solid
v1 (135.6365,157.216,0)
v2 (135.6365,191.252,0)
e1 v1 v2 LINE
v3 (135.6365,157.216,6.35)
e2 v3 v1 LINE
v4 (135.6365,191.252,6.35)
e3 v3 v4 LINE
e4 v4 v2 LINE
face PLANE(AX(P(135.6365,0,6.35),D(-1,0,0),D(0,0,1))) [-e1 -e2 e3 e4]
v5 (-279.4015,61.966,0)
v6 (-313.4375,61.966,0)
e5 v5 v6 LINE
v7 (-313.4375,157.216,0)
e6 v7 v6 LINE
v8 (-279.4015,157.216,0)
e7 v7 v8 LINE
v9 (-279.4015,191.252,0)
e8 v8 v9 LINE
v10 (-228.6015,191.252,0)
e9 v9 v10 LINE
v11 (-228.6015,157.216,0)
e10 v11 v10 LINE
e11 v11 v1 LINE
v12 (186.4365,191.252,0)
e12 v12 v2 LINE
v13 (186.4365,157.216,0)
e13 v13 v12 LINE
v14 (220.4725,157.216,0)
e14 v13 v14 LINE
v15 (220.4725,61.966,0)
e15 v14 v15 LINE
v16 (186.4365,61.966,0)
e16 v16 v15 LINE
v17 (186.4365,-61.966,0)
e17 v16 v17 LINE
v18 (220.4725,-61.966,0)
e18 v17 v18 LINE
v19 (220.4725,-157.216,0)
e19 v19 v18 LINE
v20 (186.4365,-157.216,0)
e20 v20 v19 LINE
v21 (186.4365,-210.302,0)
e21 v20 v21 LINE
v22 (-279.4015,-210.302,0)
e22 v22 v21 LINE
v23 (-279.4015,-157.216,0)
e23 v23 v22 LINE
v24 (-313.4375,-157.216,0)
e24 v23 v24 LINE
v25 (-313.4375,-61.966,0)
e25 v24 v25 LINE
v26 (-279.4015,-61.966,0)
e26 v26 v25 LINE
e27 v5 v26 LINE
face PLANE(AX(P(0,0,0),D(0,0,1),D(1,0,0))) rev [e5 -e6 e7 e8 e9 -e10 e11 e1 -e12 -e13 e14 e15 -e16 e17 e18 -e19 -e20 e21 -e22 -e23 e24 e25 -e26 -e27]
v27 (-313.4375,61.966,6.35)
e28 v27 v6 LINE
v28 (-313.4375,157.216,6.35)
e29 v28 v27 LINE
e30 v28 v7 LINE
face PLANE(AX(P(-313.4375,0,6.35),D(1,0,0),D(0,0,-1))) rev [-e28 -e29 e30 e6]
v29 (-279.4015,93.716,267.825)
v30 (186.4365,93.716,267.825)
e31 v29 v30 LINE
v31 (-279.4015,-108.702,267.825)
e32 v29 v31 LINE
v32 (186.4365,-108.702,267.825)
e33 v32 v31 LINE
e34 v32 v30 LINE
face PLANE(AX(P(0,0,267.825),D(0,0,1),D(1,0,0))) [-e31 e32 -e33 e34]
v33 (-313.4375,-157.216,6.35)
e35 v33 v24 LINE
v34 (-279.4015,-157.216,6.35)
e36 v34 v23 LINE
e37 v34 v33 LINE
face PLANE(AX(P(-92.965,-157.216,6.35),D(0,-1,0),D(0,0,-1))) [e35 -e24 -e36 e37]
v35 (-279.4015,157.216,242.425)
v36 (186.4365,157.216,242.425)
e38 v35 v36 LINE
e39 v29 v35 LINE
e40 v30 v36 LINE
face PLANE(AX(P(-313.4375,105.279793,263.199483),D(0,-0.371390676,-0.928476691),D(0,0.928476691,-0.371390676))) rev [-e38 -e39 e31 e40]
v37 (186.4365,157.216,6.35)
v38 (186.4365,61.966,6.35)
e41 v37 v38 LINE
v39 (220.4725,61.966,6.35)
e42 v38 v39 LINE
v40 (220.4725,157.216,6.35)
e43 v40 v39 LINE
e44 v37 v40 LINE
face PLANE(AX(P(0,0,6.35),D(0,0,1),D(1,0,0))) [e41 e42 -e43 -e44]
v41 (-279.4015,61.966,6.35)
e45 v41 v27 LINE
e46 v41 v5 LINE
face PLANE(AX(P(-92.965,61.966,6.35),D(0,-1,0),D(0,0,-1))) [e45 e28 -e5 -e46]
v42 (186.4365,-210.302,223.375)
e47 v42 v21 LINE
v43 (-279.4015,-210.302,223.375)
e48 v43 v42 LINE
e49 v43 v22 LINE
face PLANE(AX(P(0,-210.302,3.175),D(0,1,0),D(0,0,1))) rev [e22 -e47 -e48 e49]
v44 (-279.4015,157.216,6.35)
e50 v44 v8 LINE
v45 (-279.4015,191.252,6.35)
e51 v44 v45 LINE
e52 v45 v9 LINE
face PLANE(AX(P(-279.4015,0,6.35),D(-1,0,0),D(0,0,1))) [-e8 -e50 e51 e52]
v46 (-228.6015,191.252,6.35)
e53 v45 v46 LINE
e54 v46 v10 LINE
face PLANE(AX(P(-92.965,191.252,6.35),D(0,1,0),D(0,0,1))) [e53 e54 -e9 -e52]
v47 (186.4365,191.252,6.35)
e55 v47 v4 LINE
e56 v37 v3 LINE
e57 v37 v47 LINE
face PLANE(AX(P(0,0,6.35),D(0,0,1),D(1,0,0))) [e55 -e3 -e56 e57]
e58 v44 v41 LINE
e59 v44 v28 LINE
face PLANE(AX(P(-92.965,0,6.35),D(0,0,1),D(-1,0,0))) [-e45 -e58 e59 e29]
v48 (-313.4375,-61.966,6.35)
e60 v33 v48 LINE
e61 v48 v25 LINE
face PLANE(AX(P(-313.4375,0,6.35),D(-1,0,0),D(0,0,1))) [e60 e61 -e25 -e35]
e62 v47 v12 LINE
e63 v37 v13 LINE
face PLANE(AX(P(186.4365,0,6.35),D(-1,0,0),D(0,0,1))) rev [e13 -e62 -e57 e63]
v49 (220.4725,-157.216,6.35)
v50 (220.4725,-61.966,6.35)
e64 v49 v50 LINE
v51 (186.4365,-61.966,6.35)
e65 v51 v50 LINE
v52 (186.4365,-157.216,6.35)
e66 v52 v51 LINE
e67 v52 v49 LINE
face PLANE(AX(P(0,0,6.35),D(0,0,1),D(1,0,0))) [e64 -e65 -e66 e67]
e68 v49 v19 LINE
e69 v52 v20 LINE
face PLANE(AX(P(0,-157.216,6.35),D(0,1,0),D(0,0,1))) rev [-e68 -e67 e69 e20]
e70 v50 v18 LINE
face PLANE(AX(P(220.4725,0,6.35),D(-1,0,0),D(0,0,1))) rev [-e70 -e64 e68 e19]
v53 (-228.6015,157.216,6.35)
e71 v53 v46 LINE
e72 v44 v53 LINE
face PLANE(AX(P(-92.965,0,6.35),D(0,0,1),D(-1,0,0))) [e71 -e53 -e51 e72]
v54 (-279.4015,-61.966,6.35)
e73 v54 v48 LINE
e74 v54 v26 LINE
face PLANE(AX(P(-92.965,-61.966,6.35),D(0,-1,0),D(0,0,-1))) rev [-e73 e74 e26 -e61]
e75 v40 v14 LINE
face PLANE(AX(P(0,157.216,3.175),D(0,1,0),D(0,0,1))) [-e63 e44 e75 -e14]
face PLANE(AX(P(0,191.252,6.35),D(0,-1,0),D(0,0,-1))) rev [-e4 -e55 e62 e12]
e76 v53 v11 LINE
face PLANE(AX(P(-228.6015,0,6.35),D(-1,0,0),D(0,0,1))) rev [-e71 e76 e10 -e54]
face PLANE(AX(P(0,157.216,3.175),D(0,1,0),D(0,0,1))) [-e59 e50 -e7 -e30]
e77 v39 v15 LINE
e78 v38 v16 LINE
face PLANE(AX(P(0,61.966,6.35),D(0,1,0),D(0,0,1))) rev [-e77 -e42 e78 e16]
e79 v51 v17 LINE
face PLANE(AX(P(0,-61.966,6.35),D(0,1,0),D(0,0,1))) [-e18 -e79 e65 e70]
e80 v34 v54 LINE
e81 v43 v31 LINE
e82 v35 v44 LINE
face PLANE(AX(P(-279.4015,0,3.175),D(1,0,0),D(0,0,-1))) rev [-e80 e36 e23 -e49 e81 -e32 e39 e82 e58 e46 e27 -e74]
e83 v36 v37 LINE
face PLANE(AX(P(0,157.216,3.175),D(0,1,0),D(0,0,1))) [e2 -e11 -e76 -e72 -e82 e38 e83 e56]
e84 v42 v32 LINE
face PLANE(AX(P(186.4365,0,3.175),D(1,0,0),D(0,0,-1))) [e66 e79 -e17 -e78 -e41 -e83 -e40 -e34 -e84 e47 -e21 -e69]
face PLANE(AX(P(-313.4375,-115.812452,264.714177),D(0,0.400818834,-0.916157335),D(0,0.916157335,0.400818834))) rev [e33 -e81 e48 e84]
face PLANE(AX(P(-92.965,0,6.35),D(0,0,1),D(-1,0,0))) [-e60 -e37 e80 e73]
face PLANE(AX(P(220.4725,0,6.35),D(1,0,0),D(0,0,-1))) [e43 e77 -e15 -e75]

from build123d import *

# Parameters (mm, degrees)
SKETCH1_W           = 465.838
SKETCH1_H           = 367.518
BOSS_EXTRUDE1_DEPTH = 3.175
SKETCH2_W           = 3.175
SKETCH2_H           = 308.082
SKETCH2_W_2         = 87.632
SKETCH2_W_3         = 89.789
SKETCH2_W_4         = 459.488
SKETCH2_H_2         = 50.8
BOSS_EXTRUDE2_DEPTH = 200.6
SKETCH11_W          = 87.632
SKETCH11_H          = 308.082
SKETCH11_W_2        = 89.789
SKETCH11_W_3        = 3.175
SKETCH11_W_4        = 459.488
SKETCH11_H_2        = 50.8
SKETCH11_H_3        = 3.175
BOSS_EXTRUDE8_DEPTH = 64.05
SKETCH10_W          = 34.036
SKETCH10_H          = 95.25
SKETCH10_W_2        = 50.8
SKETCH10_H_2        = 34.036
BOSS_EXTRUDE7_DEPTH = 6.35
CUT_EXTRUDE1_DEPTH  = 605.839795074


with BuildPart() as part:
    # Sketch1 → Boss-Extrude1 (new body)
    with BuildSketch(Plane.XY):
        with Locations((-46.4825, -26.543)):
            Rectangle(SKETCH1_W, SKETCH1_H)
    extrude(amount=BOSS_EXTRUDE1_DEPTH)

    # Sketch2 → Boss-Extrude2 (add)
    with BuildSketch(Plane.XY.offset(3.175)):
        Polygon((186.4365, -210.302), (186.4365, -157.216), (183.2615, -157.216), (183.2615, -208.016), (-276.2265, -208.016), (-276.2265, -157.216), (-279.4015, -157.216), (-279.4015, -210.302), align=None)
        Polygon((183.2615, 154.041), (186.4365, 154.041), (186.4365, 157.216), (-279.4015, 157.216), (-279.4015, -157.216), (-276.2265, -157.216), (183.2615, -157.216), (186.4365, -157.216), (186.4365, -154.041), (183.2615, -154.041), (93.4725, -154.041), (90.2975, -154.041), (0.5085, -154.041), (-2.6665, -154.041), (-92.4555, -154.041), (-95.6305, -154.041), (-185.4195, -154.041), (-188.5945, -154.041), (-276.2265, -154.041), (-276.2265, 154.041), (-188.5945, 154.041), (-185.4195, 154.041), (-95.6305, 154.041), (-92.4555, 154.041), (-2.6665, 154.041), (0.5085, 154.041), (90.2975, 154.041), (93.4725, 154.041), align=None)
        with Locations((184.849, 0)):
            Rectangle(SKETCH2_W, SKETCH2_H)
        with Locations((91.885, 0)):
            Rectangle(SKETCH2_W, SKETCH2_H)
        with Locations((-187.007, 0)):
            Rectangle(SKETCH2_W, SKETCH2_H)
        with Locations((-94.043, 0)):
            Rectangle(SKETCH2_W, SKETCH2_H)
        with Locations((-1.079, 0)):
            Rectangle(SKETCH2_W, SKETCH2_H)
        with Locations((-232.4105, 0)):
            Rectangle(SKETCH2_W_2, SKETCH2_H)
        with Locations((-140.525, 0)):
            Rectangle(SKETCH2_W_3, SKETCH2_H)
        with Locations((-47.561, 0)):
            Rectangle(SKETCH2_W_3, SKETCH2_H)
        with Locations((45.403, 0)):
            Rectangle(SKETCH2_W_3, SKETCH2_H)
        with Locations((138.367, 0)):
            Rectangle(SKETCH2_W_3, SKETCH2_H)
        with Locations((-46.4825, -182.616)):
            Rectangle(SKETCH2_W_4, SKETCH2_H_2)
    extrude(amount=BOSS_EXTRUDE2_DEPTH)

    # Sketch11 → Boss-Extrude8 (add)
    with BuildSketch(Plane.XY.offset(203.775)):
        with Locations((-232.4105, 0)):
            Rectangle(SKETCH11_W, SKETCH11_H)
        with Locations((-140.525, 0)):
            Rectangle(SKETCH11_W_2, SKETCH11_H)
        with Locations((-187.007, 0)):
            Rectangle(SKETCH11_W_3, SKETCH11_H)
        Polygon((-276.2265, -157.216), (183.2615, -157.216), (183.2615, -154.041), (93.4725, -154.041), (90.2975, -154.041), (0.5085, -154.041), (-2.6665, -154.041), (-92.4555, -154.041), (-95.6305, -154.041), (-185.4195, -154.041), (-188.5945, -154.041), (-276.2265, -154.041), align=None)
        with Locations((-46.4825, -182.616)):
            Rectangle(SKETCH11_W_4, SKETCH11_H_2)
        with Locations((-47.561, 0)):
            Rectangle(SKETCH11_W_2, SKETCH11_H)
        with Locations((-94.043, 0)):
            Rectangle(SKETCH11_W_3, SKETCH11_H)
        with Locations((45.403, 0)):
            Rectangle(SKETCH11_W_2, SKETCH11_H)
        with Locations((-1.079, 0)):
            Rectangle(SKETCH11_W_3, SKETCH11_H)
        with Locations((138.367, 0)):
            Rectangle(SKETCH11_W_2, SKETCH11_H)
        with Locations((91.885, 0)):
            Rectangle(SKETCH11_W_3, SKETCH11_H)
        with Locations((184.849, 0)):
            Rectangle(SKETCH11_W_3, SKETCH11_H)
        with Locations((184.849, -155.6285)):
            Rectangle(SKETCH11_W_3, SKETCH11_H_3)
        Polygon((-279.4015, -210.302), (186.4365, -210.302), (186.4365, -157.216), (183.2615, -157.216), (183.2615, -208.016), (-276.2265, -208.016), (-276.2265, -157.216), (-279.4015, -157.216), align=None)
        Polygon((-279.4015, 157.216), (-279.4015, -157.216), (-276.2265, -157.216), (-276.2265, -154.041), (-276.2265, 154.041), (-188.5945, 154.041), (-185.4195, 154.041), (-95.6305, 154.041), (-92.4555, 154.041), (-2.6665, 154.041), (0.5085, 154.041), (90.2975, 154.041), (93.4725, 154.041), (183.2615, 154.041), (186.4365, 154.041), (186.4365, 157.216), align=None)
    extrude(amount=BOSS_EXTRUDE8_DEPTH)

    # Sketch10 → Boss-Extrude7 (add)
    with BuildSketch(Plane.XY):
        with Locations((203.4545, 109.591)):
            Rectangle(SKETCH10_W, SKETCH10_H)
        with Locations((203.4545, -109.591)):
            Rectangle(SKETCH10_W, SKETCH10_H)
        with Locations((161.0365, 174.234)):
            Rectangle(SKETCH10_W_2, SKETCH10_H_2)
    boss_extrude7 = extrude(amount=BOSS_EXTRUDE7_DEPTH)

    # Mirror1: Boss-Extrude7 across plane
    add(boss_extrude7.mirror(Plane.ZY.offset(46.4825)))

    # Sketch12 → Cut-Extrude1 (cut, through all)
    with BuildSketch(Plane(origin=(186.4365, 0, 0), x_dir=(0, 0, -1), z_dir=(1, 0, 0))):
        Polygon((-267.825, -210.302), (-223.375, -210.302), (-267.825, -108.702), align=None)
        Polygon((-267.825, 157.216), (-267.825, 93.716), (-242.425, 157.216), align=None)
    extrude(amount=-CUT_EXTRUDE1_DEPTH, mode=Mode.SUBTRACT)


solid = part.part
